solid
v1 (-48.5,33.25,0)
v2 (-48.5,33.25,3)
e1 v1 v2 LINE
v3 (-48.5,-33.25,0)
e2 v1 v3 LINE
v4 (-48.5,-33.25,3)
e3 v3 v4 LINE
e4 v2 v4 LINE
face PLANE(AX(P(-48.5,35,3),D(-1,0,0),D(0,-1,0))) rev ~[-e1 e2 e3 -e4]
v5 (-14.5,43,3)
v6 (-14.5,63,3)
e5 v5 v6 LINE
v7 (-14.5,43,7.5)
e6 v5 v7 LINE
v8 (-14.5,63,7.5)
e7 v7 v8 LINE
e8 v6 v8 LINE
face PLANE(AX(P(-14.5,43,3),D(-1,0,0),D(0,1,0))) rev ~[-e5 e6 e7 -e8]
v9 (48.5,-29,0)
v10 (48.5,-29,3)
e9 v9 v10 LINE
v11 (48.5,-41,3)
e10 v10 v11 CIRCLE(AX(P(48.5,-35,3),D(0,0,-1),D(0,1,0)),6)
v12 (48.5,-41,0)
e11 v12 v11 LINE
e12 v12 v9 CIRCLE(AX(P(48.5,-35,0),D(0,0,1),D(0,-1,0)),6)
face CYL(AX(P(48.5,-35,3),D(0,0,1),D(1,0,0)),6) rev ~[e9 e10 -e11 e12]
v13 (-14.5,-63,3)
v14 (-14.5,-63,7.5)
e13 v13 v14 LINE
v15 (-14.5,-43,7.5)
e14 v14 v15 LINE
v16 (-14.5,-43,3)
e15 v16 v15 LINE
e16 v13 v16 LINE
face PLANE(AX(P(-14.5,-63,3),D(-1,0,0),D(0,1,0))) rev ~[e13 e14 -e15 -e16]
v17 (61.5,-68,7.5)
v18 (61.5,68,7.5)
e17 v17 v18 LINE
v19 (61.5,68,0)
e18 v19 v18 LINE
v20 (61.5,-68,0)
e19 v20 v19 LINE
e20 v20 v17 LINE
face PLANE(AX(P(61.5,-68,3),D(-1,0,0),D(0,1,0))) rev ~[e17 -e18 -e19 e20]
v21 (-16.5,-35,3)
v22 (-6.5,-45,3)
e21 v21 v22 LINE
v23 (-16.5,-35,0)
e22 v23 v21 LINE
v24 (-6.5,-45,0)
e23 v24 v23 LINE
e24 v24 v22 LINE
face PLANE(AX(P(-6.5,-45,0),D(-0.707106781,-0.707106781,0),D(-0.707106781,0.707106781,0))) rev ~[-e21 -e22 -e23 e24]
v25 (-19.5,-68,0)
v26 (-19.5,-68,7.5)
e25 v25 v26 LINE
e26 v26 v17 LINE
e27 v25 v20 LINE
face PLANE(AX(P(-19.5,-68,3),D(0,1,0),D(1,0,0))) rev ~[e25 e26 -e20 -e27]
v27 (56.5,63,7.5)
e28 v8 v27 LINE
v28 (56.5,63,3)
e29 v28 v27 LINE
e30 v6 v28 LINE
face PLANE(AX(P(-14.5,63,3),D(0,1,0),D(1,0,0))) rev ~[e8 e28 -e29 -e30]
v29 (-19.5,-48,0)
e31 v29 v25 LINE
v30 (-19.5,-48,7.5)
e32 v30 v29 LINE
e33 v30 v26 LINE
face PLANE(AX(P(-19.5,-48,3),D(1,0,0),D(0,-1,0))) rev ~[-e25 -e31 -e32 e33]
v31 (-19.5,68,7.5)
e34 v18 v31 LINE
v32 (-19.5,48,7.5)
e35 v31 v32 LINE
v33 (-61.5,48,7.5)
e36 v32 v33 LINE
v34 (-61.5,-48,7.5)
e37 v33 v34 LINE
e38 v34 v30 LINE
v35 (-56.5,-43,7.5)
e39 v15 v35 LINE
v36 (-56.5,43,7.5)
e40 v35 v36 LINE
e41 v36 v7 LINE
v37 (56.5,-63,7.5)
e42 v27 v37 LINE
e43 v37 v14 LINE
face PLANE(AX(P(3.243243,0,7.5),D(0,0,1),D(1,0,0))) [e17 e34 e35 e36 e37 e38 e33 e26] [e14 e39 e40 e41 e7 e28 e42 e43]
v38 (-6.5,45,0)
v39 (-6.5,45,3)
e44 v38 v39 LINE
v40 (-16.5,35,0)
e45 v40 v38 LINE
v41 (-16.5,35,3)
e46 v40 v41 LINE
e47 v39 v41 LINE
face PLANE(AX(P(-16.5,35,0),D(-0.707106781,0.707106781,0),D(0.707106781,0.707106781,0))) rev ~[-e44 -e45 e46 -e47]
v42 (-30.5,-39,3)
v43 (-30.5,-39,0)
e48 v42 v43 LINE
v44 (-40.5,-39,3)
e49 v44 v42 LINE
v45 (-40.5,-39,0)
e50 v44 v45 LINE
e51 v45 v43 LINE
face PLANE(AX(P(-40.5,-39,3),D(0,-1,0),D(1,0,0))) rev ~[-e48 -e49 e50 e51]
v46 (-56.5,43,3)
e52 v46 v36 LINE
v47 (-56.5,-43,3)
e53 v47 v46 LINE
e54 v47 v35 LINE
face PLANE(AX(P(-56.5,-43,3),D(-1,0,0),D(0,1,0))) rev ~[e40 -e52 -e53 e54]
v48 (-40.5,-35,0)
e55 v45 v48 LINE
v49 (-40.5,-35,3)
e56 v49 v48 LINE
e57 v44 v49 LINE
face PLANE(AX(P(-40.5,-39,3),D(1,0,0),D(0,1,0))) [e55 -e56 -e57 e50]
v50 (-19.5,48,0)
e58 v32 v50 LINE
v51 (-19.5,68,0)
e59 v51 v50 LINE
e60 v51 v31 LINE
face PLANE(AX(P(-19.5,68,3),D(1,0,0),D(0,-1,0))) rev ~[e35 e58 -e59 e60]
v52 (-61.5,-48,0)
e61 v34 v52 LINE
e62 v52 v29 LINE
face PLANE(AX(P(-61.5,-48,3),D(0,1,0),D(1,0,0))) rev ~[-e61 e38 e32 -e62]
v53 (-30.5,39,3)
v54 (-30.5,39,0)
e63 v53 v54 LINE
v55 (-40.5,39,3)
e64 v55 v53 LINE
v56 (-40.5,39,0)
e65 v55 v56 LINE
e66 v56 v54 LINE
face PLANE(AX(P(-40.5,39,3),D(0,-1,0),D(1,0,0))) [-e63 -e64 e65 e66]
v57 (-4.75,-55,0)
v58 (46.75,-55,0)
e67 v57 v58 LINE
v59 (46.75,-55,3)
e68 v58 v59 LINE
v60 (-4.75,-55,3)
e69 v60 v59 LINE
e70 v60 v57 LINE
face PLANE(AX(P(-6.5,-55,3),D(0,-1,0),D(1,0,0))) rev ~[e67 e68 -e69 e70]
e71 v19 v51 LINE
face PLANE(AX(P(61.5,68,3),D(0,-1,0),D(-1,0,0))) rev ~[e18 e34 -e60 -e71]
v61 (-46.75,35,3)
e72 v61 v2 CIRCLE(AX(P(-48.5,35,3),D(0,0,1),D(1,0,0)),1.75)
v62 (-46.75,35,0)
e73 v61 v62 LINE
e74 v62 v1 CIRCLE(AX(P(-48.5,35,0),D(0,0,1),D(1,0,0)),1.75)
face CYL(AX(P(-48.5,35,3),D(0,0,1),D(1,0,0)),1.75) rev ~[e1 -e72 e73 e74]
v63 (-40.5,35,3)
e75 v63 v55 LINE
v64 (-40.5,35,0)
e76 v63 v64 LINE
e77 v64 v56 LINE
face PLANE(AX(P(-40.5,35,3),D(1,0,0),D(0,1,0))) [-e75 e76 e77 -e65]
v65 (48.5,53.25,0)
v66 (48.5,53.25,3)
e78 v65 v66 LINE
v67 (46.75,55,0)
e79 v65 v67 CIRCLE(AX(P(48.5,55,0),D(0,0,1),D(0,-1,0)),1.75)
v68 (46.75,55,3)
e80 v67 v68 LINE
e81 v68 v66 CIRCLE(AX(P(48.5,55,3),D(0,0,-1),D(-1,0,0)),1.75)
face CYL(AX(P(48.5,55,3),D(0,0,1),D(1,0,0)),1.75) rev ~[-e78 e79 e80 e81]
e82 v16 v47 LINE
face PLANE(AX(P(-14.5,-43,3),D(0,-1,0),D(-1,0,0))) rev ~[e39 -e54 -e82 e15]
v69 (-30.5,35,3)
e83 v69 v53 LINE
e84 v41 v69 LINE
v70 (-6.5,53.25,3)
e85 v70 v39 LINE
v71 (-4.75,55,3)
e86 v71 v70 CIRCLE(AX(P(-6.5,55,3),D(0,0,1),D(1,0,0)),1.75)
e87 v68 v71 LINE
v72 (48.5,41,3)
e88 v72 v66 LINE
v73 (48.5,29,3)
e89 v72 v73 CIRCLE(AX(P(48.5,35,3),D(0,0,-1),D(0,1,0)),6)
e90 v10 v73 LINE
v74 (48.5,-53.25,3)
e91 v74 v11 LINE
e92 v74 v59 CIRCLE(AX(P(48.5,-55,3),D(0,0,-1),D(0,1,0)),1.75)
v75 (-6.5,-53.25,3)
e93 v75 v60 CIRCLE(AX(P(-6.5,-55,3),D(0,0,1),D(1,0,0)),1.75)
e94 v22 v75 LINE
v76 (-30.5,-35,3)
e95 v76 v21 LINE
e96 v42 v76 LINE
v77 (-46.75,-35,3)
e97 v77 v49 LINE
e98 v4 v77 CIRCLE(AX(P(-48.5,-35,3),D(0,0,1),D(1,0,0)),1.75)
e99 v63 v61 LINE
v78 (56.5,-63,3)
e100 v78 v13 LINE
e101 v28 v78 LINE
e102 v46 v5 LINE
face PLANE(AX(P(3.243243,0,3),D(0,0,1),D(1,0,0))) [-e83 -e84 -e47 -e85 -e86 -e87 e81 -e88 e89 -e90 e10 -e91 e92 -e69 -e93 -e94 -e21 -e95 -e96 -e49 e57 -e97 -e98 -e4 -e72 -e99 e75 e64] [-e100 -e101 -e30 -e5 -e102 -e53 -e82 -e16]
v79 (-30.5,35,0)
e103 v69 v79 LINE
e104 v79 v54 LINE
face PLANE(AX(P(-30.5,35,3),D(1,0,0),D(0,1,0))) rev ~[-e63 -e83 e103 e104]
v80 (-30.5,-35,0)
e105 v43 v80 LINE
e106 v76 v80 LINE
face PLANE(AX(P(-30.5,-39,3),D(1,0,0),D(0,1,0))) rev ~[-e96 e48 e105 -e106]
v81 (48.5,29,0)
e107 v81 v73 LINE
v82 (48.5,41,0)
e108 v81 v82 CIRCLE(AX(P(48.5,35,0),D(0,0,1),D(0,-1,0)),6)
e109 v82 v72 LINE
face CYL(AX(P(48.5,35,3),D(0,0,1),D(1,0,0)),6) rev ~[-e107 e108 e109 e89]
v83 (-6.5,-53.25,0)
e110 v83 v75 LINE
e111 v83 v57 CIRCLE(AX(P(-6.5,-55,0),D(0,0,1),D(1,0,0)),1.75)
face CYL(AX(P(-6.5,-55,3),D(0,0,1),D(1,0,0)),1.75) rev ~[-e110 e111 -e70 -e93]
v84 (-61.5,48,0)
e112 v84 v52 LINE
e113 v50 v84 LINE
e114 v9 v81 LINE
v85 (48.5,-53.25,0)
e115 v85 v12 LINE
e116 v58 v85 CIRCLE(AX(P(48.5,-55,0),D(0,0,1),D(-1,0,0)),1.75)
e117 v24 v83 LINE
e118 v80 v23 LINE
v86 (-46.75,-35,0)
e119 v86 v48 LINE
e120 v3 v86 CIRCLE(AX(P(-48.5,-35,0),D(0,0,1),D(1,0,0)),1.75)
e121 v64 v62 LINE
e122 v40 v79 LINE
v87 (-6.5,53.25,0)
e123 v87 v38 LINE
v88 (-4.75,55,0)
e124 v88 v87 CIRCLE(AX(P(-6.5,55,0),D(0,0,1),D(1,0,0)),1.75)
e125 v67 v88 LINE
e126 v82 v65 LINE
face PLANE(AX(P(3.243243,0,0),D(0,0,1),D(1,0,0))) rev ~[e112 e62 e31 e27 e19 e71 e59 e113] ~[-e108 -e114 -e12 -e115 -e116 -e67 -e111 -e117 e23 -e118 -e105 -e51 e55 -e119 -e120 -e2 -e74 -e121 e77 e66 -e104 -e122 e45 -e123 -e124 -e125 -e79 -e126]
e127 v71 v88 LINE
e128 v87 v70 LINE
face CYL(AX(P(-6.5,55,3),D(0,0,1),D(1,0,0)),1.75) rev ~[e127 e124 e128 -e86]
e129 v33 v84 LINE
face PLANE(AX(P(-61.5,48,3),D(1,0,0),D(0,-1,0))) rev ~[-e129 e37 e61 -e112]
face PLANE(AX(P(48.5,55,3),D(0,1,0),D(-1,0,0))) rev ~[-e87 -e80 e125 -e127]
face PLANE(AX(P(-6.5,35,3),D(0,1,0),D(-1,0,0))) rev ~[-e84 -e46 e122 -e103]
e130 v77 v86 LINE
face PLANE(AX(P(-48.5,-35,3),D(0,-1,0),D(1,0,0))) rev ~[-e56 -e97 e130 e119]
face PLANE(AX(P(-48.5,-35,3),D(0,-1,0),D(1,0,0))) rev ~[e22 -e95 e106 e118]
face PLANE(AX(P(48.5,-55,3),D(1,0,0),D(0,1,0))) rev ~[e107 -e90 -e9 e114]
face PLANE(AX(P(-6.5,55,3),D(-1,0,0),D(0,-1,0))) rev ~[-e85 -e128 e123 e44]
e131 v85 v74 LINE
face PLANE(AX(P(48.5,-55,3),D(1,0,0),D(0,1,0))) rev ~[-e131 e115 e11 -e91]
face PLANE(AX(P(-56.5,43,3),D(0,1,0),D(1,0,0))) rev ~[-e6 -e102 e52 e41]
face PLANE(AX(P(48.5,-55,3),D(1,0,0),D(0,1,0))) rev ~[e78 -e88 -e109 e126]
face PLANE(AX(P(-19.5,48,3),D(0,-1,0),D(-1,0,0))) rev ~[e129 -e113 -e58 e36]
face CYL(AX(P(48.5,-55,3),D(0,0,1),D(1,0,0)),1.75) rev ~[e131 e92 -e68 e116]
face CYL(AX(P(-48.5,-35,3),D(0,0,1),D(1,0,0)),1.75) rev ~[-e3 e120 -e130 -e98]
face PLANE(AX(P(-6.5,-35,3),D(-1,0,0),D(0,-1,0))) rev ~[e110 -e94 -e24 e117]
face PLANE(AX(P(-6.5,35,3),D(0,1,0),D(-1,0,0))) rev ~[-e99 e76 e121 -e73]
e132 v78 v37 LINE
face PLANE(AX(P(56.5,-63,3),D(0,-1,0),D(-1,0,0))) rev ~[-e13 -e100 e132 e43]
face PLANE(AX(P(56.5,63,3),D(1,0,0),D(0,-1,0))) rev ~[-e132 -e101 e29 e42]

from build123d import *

# Parameters (mm, degrees)
F1_DEPTH  = 3
F3_DEPTH  = 3
F5_DEPTH  = 3.001
F6_R      = 1.75
F6_R_2    = 6
F6_W      = 10
F6_H      = 4
F7_DEPTH  = 25
F9_DEPTH  = 4.5
F11_DEPTH = 7.501


with BuildPart() as f1:
    # F0 (on Top) → F1 (new body)
    with BuildSketch(Plane.XY):
        Polygon((56.5, 63), (-14.5, 63), (-14.5, 43), (-56.5, 43), (-56.5, -43), (-14.5, -43), (-14.5, -63), (56.5, -63), align=None)
    extrude(amount=F1_DEPTH)

    # F2 (on face) → F3 (join, through all)
    with BuildSketch(Plane.XY.offset(3)):
        Polygon((-19.5, -68), (61.5, -68), (61.5, 68), (-19.5, 68), (-19.5, 48), (-61.5, 48), (-61.5, -48), (-19.5, -48), align=None)
        Polygon((-14.5, 63), (56.5, 63), (56.5, -63), (-14.5, -63), (-14.5, -43), (-56.5, -43), (-56.5, 43), (-14.5, 43), align=None, mode=Mode.SUBTRACT)
    extrude(amount=-F3_DEPTH)

    # F4 (on face) → F5 (cut, through all)
    with BuildSketch(Plane.XY.offset(3)):
        Polygon((-6.5, 55), (-6.5, 35), (-48.5, 35), (-48.5, -35), (-6.5, -35), (-6.5, -55), (48.5, -55), (48.5, 55), align=None)
    extrude(amount=-F5_DEPTH, mode=Mode.SUBTRACT)

    # F6 (on face) → F7 (cut)
    with BuildSketch(Plane.XY.offset(3)):
        with Locations((-48.5, 35)):
            Circle(F6_R)
        with Locations((-6.5, 55)):
            Circle(F6_R)
        with Locations((48.5, 55)):
            Circle(F6_R)
        with Locations((48.5, -55)):
            Circle(F6_R)
        with Locations((-6.5, -55)):
            Circle(F6_R)
        with Locations((-48.5, -35)):
            Circle(F6_R)
        with Locations((48.5, 35)):
            Circle(F6_R_2)
        with Locations((48.5, -35)):
            Circle(F6_R_2)
        with Locations((-35.5, 37)):
            Rectangle(F6_W, F6_H)
        with Locations((-35.5, -37)):
            Rectangle(F6_W, F6_H)
    extrude(amount=-F7_DEPTH, mode=Mode.SUBTRACT)

    # F8 (on face) → F9 (join)
    with BuildSketch(Plane.XY.offset(3)):
        Polygon((-19.5, -48), (-19.5, -68), (61.5, -68), (61.5, 68), (-19.5, 68), (-19.5, 48), (-61.5, 48), (-61.5, -48), align=None)
        Polygon((-14.5, 43), (-14.5, 63), (56.5, 63), (56.5, -63), (-14.5, -63), (-14.5, -43), (-56.5, -43), (-56.5, 43), align=None, mode=Mode.SUBTRACT)
    extrude(amount=F9_DEPTH)

    # F10 (on face) → F11 (cut, through all)
    with BuildSketch(Plane(origin=(0, 0, 0), x_dir=(1, 0, 0), z_dir=(0, 0, -1))):
        Polygon((-6.5, 35), (-6.5, 45), (-16.5, 35), align=None)
        Polygon((-16.5, -35), (-6.5, -45), (-6.5, -35), align=None)
    extrude(amount=-F11_DEPTH, mode=Mode.SUBTRACT)


solid = f1.part
